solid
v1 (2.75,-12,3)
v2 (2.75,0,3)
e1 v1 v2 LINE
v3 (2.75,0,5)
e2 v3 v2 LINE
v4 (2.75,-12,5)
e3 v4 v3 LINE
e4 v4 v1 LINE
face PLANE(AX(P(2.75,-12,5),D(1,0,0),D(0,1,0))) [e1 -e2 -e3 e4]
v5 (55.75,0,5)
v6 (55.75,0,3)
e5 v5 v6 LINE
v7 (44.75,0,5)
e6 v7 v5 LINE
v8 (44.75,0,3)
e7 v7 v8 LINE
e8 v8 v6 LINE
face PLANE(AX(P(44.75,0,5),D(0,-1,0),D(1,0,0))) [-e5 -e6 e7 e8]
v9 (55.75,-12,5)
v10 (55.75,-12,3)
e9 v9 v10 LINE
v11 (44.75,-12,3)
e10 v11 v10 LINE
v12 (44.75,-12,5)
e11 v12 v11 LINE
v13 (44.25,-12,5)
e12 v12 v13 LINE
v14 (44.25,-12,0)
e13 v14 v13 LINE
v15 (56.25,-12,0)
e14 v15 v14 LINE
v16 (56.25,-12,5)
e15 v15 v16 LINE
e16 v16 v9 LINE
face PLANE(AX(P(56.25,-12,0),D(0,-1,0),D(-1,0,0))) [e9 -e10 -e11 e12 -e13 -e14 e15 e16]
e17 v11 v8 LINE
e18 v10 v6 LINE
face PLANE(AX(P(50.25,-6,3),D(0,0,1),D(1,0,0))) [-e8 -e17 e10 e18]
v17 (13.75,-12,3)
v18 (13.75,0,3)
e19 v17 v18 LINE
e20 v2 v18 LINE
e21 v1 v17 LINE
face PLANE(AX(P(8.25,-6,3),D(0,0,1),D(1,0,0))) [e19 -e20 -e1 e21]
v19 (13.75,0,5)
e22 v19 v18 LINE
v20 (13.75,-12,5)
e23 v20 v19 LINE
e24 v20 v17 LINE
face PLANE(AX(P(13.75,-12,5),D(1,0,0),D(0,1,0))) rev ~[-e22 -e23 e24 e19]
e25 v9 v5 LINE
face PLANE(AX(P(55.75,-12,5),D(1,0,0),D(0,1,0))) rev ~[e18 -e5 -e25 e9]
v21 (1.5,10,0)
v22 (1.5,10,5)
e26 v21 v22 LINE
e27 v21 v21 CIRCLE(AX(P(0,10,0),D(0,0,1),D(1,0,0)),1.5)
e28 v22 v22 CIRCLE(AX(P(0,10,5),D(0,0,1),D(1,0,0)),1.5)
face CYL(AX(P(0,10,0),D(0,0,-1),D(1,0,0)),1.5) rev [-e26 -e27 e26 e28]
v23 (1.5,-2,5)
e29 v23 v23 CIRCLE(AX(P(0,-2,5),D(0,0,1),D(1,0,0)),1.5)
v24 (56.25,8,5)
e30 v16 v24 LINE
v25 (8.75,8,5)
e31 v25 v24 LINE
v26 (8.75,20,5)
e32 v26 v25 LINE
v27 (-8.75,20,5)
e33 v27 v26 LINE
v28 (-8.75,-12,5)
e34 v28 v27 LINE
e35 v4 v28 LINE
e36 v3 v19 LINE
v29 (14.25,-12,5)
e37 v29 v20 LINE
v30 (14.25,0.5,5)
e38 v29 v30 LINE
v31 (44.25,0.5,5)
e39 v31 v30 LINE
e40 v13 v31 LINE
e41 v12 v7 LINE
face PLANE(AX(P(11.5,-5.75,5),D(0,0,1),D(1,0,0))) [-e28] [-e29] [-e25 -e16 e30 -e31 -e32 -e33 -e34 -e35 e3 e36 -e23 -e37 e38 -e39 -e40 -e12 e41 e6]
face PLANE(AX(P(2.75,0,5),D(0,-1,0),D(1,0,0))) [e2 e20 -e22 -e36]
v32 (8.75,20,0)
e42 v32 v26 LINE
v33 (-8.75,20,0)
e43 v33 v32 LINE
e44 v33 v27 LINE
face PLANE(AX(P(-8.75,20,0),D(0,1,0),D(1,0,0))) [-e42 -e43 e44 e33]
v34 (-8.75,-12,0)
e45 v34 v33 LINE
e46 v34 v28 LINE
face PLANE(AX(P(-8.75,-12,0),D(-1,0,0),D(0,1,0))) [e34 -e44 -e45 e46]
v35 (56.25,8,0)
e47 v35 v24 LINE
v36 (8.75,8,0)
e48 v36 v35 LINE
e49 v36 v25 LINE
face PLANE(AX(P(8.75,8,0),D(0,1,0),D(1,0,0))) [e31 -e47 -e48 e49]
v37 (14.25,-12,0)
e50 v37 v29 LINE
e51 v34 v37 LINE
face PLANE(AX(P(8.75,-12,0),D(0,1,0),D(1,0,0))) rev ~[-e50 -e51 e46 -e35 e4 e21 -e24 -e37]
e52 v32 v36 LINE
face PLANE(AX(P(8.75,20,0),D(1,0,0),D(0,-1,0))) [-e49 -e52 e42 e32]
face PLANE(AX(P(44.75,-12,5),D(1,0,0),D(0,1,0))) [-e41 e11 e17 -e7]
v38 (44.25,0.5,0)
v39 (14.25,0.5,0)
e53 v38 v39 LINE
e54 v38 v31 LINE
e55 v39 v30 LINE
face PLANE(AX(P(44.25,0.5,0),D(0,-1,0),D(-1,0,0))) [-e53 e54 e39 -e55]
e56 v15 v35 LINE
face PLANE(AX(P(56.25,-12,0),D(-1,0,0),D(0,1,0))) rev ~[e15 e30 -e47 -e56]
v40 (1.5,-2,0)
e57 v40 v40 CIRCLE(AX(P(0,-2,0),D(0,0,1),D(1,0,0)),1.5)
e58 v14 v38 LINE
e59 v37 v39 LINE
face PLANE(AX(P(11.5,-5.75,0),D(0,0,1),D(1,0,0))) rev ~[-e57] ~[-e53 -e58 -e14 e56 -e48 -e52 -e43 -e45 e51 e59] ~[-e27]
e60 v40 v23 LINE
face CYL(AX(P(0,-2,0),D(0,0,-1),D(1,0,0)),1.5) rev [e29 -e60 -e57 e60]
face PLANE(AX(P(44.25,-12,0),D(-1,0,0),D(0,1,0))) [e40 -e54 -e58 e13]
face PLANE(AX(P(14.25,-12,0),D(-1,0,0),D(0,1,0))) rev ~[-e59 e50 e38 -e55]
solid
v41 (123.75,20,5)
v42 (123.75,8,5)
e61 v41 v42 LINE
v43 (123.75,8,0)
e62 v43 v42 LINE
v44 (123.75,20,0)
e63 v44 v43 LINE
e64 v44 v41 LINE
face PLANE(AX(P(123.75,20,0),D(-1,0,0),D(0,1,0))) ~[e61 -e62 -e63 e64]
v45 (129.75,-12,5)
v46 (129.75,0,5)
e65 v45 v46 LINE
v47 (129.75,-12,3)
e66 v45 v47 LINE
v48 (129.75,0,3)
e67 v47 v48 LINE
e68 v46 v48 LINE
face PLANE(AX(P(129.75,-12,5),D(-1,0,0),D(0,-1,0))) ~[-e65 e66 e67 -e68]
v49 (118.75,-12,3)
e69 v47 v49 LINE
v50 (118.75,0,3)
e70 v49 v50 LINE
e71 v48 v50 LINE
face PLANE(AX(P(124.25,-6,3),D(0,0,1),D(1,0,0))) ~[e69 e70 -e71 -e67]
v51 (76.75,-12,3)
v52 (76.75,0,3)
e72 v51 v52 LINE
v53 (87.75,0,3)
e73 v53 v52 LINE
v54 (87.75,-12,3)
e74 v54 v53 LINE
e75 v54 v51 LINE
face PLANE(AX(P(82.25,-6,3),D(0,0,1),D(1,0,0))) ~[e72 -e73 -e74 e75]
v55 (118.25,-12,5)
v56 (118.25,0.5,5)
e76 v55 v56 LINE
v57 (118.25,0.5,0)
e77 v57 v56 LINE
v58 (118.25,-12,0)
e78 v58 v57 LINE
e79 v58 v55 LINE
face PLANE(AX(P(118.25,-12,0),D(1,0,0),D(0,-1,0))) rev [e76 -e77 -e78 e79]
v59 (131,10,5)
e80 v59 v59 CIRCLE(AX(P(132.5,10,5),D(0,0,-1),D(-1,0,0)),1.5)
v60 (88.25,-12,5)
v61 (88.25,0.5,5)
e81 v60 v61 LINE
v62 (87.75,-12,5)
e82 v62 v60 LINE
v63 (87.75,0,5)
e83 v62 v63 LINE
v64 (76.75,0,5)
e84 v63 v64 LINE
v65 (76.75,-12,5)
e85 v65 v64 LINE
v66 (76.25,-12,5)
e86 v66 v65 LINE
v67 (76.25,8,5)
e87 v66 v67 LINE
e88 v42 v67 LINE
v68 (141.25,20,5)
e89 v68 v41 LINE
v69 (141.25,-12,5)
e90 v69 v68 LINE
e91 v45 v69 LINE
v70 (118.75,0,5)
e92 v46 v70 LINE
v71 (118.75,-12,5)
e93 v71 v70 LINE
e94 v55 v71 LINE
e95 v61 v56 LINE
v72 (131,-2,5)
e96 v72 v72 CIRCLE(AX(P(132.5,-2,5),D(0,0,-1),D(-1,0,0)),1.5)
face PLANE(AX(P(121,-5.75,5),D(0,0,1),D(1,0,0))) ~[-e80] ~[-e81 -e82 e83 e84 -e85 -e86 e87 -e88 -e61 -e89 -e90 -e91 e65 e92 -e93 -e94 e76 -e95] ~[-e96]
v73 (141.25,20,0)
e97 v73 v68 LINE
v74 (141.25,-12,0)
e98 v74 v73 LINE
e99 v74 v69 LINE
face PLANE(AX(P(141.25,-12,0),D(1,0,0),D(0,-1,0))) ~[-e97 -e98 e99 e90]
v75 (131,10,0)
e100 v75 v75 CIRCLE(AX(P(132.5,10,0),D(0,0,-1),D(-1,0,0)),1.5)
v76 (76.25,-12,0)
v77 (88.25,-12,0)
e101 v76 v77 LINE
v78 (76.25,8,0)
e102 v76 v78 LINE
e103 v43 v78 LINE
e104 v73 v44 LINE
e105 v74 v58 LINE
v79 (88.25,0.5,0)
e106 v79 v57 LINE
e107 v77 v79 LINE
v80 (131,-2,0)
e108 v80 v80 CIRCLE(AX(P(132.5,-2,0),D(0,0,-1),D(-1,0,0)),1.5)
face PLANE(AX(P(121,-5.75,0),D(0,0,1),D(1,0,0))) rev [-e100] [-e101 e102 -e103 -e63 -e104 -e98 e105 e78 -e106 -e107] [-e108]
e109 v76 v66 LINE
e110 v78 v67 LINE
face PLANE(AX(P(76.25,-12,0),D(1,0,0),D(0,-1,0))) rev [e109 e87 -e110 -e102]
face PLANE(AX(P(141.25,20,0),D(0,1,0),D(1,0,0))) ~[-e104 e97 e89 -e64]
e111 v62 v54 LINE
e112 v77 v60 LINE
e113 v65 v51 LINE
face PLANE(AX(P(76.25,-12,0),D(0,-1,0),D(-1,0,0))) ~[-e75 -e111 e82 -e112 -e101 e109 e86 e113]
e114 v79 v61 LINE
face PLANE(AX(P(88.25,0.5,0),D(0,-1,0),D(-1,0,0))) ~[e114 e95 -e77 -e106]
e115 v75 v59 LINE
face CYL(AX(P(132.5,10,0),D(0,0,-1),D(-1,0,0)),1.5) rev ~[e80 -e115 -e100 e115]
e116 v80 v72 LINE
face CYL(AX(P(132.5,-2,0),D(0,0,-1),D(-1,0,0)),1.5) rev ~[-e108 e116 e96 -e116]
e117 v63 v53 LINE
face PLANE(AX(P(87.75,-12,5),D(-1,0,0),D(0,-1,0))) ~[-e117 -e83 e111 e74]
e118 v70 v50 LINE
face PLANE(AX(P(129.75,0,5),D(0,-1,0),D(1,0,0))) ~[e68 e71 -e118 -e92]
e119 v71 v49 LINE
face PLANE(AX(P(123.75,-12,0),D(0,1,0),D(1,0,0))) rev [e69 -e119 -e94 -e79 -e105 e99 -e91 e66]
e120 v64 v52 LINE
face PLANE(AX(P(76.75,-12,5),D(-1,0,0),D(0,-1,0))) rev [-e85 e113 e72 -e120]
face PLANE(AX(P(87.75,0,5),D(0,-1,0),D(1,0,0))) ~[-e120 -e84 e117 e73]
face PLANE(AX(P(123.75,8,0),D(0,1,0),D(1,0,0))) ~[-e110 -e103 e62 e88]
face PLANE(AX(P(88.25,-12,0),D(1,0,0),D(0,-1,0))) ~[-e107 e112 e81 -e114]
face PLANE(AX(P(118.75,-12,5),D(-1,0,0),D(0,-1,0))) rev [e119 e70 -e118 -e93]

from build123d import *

# Parameters (mm, degrees)
SKETCH1_R           = 1.5
BOSS_EXTRUDE1_DEPTH = 5
SKETCH2_W           = 11
SKETCH2_H           = 12
CUT_EXTRUDE1_DEPTH  = 2


with BuildPart() as part:
    # Sketch1 → Boss-Extrude1 (new body)
    with BuildSketch(Plane.XY):
        Polygon((56.25, 8), (8.75, 8), (8.75, 20), (-8.75, 20), (-8.75, -12), (14.25, -12), (14.25, 0.5), (44.25, 0.5), (44.25, -12), (56.25, -12), align=None)
        with Locations((0, -2)):
            Circle(SKETCH1_R, mode=Mode.SUBTRACT)
        with Locations((0, 10)):
            Circle(SKETCH1_R, mode=Mode.SUBTRACT)
    extrude(amount=BOSS_EXTRUDE1_DEPTH)

    # Sketch2 → Cut-Extrude1 (cut)
    with BuildSketch(Plane.XY.offset(5)):
        with Locations((50.25, -6)):
            Rectangle(SKETCH2_W, SKETCH2_H)
        with Locations((8.25, -6)):
            Rectangle(SKETCH2_W, SKETCH2_H)
    extrude(amount=-CUT_EXTRUDE1_DEPTH, mode=Mode.SUBTRACT)


with BuildPart() as body_2:
    # Mirror2: mirrored copy
    add(part.part.mirror(Plane(origin=(66.25, 0, 0), x_dir=(0, 0, 1), z_dir=(1, 0, 0))))


solid = Compound([part.part, body_2.part])
